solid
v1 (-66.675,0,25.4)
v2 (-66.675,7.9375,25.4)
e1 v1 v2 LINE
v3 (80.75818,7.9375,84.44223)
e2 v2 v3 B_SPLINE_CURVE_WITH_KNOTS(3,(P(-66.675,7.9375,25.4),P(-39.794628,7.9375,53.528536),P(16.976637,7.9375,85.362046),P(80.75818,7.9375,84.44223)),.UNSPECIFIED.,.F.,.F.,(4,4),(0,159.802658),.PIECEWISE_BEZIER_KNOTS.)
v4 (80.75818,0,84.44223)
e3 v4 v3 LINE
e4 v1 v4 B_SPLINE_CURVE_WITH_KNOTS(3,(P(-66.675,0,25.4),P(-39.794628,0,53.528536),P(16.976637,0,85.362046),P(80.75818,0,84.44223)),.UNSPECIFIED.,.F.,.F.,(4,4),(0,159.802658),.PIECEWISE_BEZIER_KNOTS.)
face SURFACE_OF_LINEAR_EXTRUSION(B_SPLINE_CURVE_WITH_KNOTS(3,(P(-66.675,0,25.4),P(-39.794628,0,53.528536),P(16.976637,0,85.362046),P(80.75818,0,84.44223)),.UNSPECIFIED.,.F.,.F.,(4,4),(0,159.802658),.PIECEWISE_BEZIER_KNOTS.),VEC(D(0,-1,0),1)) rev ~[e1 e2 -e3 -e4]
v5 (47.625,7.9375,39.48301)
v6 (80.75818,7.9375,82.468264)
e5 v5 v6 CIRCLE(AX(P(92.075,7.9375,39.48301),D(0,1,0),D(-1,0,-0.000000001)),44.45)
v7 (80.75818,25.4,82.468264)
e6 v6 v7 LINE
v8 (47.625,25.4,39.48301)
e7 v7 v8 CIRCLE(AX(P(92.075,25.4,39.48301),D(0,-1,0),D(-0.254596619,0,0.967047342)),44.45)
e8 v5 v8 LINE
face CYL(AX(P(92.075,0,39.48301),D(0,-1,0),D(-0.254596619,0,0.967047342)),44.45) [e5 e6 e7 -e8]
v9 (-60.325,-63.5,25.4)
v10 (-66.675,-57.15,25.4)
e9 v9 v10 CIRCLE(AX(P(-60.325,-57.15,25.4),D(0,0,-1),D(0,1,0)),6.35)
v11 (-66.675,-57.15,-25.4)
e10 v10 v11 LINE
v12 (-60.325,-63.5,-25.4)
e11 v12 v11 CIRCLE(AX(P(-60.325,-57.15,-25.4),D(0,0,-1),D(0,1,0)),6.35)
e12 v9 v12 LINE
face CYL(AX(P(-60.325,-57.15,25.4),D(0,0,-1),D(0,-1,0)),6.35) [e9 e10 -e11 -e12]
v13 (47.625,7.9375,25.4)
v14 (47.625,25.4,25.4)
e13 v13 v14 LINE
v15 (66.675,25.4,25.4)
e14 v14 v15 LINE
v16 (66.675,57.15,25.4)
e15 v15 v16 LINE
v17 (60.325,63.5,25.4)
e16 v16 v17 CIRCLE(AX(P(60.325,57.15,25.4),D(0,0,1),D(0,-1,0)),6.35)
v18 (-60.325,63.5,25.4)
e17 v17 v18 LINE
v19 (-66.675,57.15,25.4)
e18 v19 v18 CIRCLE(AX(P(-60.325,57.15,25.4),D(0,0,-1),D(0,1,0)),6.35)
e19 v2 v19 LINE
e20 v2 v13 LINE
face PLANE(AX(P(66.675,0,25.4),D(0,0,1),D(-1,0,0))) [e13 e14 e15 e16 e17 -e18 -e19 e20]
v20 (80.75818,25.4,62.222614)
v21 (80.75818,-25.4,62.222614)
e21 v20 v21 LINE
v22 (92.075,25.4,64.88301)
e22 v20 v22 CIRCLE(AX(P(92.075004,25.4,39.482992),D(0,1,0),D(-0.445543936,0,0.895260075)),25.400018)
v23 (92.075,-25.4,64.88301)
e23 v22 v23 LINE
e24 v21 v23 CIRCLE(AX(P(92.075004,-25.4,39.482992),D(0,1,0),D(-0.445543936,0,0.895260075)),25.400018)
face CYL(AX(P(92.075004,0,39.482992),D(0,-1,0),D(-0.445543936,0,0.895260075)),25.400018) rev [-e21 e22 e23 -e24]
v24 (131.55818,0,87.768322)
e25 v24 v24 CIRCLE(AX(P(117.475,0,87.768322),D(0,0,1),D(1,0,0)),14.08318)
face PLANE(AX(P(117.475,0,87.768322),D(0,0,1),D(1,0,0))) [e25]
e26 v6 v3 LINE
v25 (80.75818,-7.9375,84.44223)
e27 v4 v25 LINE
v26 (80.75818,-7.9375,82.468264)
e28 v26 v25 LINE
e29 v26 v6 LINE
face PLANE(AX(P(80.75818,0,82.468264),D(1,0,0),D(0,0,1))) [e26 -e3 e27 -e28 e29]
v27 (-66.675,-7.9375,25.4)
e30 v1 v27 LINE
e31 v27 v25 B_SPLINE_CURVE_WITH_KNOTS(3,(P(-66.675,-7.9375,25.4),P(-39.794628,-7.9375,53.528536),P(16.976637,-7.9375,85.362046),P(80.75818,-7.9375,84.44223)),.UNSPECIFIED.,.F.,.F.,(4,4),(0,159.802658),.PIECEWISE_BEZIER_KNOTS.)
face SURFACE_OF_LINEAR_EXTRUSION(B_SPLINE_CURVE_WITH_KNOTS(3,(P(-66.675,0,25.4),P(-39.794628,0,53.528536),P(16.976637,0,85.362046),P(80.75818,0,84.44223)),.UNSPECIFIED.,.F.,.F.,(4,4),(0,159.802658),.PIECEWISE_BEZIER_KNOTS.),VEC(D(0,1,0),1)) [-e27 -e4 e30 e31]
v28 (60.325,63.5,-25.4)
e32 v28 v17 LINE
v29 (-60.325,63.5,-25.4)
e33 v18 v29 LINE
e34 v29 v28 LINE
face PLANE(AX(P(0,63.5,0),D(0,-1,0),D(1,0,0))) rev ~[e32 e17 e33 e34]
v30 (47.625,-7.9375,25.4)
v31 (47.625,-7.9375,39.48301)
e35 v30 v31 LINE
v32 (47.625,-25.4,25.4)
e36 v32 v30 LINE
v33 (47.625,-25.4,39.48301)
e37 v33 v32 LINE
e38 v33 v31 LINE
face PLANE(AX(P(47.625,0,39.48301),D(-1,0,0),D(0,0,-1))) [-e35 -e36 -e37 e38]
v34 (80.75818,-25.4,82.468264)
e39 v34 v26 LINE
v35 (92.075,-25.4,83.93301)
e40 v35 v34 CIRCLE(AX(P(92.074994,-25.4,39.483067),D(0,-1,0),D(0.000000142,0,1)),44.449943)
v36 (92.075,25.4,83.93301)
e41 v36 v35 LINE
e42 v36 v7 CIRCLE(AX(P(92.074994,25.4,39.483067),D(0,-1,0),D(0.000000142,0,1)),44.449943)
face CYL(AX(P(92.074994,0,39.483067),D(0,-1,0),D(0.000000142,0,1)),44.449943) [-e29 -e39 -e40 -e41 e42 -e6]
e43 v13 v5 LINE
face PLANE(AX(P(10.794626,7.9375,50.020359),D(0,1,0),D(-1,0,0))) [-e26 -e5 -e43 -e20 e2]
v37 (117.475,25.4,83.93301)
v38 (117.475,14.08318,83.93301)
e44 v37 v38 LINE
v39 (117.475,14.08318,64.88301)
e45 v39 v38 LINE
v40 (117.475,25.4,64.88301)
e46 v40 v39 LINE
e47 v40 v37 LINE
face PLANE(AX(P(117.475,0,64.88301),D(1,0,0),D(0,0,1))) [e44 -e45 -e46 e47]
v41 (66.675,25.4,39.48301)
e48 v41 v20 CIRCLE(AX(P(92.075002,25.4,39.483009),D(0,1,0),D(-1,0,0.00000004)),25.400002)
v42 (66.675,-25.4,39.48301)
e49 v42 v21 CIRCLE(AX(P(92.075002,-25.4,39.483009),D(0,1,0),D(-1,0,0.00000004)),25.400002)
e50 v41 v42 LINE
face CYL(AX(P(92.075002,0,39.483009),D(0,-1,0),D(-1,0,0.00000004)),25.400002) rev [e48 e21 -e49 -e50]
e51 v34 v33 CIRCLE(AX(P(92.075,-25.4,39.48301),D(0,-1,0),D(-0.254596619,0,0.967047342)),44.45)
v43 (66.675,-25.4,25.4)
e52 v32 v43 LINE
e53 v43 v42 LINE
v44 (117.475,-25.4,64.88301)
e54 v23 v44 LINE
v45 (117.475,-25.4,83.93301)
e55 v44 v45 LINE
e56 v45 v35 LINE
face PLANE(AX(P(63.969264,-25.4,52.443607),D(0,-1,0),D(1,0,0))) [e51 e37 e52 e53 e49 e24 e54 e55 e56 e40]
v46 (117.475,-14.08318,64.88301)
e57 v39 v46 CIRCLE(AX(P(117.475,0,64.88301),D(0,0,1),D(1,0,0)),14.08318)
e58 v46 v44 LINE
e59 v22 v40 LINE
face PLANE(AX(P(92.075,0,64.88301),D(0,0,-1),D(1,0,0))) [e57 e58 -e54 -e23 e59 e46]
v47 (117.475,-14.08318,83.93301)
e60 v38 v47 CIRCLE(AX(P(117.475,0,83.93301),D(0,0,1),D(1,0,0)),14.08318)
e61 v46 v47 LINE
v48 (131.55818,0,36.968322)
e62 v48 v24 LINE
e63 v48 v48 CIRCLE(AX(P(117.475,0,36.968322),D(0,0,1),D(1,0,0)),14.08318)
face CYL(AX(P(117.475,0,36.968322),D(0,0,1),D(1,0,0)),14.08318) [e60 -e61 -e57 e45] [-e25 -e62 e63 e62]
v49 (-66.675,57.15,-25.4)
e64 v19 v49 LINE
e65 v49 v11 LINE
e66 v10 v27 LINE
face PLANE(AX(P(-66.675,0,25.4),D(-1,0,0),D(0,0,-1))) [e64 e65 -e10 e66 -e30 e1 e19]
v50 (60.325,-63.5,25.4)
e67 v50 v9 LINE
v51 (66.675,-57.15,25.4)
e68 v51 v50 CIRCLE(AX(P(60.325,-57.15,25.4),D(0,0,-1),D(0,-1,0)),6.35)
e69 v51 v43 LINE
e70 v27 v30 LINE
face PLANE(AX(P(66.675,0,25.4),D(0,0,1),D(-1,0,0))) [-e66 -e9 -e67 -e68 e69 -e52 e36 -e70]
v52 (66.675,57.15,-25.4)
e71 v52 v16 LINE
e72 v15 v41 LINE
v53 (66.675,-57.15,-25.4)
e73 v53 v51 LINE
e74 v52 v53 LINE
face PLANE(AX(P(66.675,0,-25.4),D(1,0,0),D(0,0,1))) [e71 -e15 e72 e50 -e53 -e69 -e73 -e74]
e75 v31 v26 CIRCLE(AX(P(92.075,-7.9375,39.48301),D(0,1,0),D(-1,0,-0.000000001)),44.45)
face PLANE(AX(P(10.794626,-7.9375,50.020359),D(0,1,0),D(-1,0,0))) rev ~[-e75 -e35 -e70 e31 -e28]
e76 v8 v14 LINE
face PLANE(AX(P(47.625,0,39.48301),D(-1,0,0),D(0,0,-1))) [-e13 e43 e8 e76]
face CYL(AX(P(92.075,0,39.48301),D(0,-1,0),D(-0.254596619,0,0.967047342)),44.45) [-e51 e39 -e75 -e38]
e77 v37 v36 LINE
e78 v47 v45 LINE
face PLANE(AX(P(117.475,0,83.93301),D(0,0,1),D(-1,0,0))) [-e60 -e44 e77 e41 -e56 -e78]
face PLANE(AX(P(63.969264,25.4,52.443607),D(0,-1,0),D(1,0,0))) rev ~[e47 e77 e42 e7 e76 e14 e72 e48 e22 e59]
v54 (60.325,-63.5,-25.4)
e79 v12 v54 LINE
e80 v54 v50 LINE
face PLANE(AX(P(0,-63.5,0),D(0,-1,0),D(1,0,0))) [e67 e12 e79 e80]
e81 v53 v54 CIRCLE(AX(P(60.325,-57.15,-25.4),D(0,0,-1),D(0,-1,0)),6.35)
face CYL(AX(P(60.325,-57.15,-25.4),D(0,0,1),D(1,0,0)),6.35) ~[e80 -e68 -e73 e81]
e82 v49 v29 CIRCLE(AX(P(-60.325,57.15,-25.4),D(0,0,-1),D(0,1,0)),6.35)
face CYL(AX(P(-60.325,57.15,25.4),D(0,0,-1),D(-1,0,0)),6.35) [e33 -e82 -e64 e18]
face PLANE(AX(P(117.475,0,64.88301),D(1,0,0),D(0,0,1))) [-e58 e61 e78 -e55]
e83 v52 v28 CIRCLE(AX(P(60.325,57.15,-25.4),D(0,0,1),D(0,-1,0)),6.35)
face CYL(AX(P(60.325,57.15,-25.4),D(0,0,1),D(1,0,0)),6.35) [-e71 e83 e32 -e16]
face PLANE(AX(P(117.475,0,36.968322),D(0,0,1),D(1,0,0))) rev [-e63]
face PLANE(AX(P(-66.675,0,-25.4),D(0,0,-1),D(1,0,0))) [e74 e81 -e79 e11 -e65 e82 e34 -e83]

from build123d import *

# Parameters (mm, degrees)
F1_DEPTH = 63.5
F2_DEPTH = 25.4
F3_DEPTH = 7.9375
F5_R     = 6.35


with BuildPart() as f1:
    # F0 (on Front) → F1 (new body, symmetric)
    with BuildSketch(Plane.XZ):
        Polygon((-66.675, 25.4), (-66.675, -25.4), (66.675, -25.4), (66.675, 25.4), (47.625, 25.4), align=None)
    extrude(amount=F1_DEPTH, both=True)

    # F0 (on Front) → F2 (join, symmetric)
    with BuildSketch(Plane.XZ):
        with BuildLine():
            Line((47.625, 25.4), (66.675, 25.4))
            Line((66.675, 25.4), (66.675, 39.48301))
            ThreePointArc((66.675, 39.48301), (70.480936, 52.85673), (80.75818, 62.222614))
            Line((80.75818, 62.222614), (80.75818, 82.468264))
            ThreePointArc((80.75818, 82.468264), (56.869637, 66.619423), (47.625, 39.48301))
            Line((47.625, 39.48301), (47.625, 25.4))
        make_face()
        with BuildLine():
            ThreePointArc((92.075, 83.93301), (86.369391, 83.565303), (80.75818, 82.468264))
            Line((80.75818, 82.468264), (80.75818, 62.222614))
            ThreePointArc((80.75818, 62.222614), (86.262339, 64.208967), (92.075, 64.88301))
            Line((92.075, 64.88301), (117.475, 64.88301))
            Line((117.475, 64.88301), (117.475, 83.93301))
            Line((117.475, 83.93301), (92.075, 83.93301))
        make_face()
    extrude(amount=F2_DEPTH, both=True)

    # F0 (on Front) → F3 (join, symmetric)
    with BuildSketch(Plane.XZ):
        with BuildLine():
            add(Edge.make_bspline(
                [(-66.675, 25.4), (-39.794628, 53.528536), (16.976637, 85.362046), (80.75818, 84.44223)],
                knots=[0, 0, 0, 0, 159.802658, 159.802658, 159.802658, 159.802658], degree=3))
            Line((-66.675, 25.4), (47.625, 25.4))
            Line((47.625, 25.4), (47.625, 39.48301))
            ThreePointArc((47.625, 39.48301), (56.869637, 66.619423), (80.75818, 82.468264))
            Line((80.75818, 82.468264), (80.75818, 84.44223))
        make_face()
    extrude(amount=F3_DEPTH, both=True)

    # F0 (on Front) → F4 (revolve)
    with BuildSketch(Plane.XZ):
        Polygon((131.55818, 87.768322), (117.475, 87.768322), (117.475, 83.93301), (117.475, 64.88301), (117.475, 36.968322), (131.55818, 36.968322), align=None)
    revolve(axis=Axis((117.475, 0, 62.368322), (0, 0, 1)))

    # F5
    f5_edges = [f1.edges().sort_by_distance(p)[0] for p in [
        (-66.675, -63.5, 0),
        (66.675, -63.5, 0),
        (66.675, 63.5, 0),
        (-66.675, 63.5, 0),
    ]]
    fillet(f5_edges, radius=F5_R)


solid = f1.part
